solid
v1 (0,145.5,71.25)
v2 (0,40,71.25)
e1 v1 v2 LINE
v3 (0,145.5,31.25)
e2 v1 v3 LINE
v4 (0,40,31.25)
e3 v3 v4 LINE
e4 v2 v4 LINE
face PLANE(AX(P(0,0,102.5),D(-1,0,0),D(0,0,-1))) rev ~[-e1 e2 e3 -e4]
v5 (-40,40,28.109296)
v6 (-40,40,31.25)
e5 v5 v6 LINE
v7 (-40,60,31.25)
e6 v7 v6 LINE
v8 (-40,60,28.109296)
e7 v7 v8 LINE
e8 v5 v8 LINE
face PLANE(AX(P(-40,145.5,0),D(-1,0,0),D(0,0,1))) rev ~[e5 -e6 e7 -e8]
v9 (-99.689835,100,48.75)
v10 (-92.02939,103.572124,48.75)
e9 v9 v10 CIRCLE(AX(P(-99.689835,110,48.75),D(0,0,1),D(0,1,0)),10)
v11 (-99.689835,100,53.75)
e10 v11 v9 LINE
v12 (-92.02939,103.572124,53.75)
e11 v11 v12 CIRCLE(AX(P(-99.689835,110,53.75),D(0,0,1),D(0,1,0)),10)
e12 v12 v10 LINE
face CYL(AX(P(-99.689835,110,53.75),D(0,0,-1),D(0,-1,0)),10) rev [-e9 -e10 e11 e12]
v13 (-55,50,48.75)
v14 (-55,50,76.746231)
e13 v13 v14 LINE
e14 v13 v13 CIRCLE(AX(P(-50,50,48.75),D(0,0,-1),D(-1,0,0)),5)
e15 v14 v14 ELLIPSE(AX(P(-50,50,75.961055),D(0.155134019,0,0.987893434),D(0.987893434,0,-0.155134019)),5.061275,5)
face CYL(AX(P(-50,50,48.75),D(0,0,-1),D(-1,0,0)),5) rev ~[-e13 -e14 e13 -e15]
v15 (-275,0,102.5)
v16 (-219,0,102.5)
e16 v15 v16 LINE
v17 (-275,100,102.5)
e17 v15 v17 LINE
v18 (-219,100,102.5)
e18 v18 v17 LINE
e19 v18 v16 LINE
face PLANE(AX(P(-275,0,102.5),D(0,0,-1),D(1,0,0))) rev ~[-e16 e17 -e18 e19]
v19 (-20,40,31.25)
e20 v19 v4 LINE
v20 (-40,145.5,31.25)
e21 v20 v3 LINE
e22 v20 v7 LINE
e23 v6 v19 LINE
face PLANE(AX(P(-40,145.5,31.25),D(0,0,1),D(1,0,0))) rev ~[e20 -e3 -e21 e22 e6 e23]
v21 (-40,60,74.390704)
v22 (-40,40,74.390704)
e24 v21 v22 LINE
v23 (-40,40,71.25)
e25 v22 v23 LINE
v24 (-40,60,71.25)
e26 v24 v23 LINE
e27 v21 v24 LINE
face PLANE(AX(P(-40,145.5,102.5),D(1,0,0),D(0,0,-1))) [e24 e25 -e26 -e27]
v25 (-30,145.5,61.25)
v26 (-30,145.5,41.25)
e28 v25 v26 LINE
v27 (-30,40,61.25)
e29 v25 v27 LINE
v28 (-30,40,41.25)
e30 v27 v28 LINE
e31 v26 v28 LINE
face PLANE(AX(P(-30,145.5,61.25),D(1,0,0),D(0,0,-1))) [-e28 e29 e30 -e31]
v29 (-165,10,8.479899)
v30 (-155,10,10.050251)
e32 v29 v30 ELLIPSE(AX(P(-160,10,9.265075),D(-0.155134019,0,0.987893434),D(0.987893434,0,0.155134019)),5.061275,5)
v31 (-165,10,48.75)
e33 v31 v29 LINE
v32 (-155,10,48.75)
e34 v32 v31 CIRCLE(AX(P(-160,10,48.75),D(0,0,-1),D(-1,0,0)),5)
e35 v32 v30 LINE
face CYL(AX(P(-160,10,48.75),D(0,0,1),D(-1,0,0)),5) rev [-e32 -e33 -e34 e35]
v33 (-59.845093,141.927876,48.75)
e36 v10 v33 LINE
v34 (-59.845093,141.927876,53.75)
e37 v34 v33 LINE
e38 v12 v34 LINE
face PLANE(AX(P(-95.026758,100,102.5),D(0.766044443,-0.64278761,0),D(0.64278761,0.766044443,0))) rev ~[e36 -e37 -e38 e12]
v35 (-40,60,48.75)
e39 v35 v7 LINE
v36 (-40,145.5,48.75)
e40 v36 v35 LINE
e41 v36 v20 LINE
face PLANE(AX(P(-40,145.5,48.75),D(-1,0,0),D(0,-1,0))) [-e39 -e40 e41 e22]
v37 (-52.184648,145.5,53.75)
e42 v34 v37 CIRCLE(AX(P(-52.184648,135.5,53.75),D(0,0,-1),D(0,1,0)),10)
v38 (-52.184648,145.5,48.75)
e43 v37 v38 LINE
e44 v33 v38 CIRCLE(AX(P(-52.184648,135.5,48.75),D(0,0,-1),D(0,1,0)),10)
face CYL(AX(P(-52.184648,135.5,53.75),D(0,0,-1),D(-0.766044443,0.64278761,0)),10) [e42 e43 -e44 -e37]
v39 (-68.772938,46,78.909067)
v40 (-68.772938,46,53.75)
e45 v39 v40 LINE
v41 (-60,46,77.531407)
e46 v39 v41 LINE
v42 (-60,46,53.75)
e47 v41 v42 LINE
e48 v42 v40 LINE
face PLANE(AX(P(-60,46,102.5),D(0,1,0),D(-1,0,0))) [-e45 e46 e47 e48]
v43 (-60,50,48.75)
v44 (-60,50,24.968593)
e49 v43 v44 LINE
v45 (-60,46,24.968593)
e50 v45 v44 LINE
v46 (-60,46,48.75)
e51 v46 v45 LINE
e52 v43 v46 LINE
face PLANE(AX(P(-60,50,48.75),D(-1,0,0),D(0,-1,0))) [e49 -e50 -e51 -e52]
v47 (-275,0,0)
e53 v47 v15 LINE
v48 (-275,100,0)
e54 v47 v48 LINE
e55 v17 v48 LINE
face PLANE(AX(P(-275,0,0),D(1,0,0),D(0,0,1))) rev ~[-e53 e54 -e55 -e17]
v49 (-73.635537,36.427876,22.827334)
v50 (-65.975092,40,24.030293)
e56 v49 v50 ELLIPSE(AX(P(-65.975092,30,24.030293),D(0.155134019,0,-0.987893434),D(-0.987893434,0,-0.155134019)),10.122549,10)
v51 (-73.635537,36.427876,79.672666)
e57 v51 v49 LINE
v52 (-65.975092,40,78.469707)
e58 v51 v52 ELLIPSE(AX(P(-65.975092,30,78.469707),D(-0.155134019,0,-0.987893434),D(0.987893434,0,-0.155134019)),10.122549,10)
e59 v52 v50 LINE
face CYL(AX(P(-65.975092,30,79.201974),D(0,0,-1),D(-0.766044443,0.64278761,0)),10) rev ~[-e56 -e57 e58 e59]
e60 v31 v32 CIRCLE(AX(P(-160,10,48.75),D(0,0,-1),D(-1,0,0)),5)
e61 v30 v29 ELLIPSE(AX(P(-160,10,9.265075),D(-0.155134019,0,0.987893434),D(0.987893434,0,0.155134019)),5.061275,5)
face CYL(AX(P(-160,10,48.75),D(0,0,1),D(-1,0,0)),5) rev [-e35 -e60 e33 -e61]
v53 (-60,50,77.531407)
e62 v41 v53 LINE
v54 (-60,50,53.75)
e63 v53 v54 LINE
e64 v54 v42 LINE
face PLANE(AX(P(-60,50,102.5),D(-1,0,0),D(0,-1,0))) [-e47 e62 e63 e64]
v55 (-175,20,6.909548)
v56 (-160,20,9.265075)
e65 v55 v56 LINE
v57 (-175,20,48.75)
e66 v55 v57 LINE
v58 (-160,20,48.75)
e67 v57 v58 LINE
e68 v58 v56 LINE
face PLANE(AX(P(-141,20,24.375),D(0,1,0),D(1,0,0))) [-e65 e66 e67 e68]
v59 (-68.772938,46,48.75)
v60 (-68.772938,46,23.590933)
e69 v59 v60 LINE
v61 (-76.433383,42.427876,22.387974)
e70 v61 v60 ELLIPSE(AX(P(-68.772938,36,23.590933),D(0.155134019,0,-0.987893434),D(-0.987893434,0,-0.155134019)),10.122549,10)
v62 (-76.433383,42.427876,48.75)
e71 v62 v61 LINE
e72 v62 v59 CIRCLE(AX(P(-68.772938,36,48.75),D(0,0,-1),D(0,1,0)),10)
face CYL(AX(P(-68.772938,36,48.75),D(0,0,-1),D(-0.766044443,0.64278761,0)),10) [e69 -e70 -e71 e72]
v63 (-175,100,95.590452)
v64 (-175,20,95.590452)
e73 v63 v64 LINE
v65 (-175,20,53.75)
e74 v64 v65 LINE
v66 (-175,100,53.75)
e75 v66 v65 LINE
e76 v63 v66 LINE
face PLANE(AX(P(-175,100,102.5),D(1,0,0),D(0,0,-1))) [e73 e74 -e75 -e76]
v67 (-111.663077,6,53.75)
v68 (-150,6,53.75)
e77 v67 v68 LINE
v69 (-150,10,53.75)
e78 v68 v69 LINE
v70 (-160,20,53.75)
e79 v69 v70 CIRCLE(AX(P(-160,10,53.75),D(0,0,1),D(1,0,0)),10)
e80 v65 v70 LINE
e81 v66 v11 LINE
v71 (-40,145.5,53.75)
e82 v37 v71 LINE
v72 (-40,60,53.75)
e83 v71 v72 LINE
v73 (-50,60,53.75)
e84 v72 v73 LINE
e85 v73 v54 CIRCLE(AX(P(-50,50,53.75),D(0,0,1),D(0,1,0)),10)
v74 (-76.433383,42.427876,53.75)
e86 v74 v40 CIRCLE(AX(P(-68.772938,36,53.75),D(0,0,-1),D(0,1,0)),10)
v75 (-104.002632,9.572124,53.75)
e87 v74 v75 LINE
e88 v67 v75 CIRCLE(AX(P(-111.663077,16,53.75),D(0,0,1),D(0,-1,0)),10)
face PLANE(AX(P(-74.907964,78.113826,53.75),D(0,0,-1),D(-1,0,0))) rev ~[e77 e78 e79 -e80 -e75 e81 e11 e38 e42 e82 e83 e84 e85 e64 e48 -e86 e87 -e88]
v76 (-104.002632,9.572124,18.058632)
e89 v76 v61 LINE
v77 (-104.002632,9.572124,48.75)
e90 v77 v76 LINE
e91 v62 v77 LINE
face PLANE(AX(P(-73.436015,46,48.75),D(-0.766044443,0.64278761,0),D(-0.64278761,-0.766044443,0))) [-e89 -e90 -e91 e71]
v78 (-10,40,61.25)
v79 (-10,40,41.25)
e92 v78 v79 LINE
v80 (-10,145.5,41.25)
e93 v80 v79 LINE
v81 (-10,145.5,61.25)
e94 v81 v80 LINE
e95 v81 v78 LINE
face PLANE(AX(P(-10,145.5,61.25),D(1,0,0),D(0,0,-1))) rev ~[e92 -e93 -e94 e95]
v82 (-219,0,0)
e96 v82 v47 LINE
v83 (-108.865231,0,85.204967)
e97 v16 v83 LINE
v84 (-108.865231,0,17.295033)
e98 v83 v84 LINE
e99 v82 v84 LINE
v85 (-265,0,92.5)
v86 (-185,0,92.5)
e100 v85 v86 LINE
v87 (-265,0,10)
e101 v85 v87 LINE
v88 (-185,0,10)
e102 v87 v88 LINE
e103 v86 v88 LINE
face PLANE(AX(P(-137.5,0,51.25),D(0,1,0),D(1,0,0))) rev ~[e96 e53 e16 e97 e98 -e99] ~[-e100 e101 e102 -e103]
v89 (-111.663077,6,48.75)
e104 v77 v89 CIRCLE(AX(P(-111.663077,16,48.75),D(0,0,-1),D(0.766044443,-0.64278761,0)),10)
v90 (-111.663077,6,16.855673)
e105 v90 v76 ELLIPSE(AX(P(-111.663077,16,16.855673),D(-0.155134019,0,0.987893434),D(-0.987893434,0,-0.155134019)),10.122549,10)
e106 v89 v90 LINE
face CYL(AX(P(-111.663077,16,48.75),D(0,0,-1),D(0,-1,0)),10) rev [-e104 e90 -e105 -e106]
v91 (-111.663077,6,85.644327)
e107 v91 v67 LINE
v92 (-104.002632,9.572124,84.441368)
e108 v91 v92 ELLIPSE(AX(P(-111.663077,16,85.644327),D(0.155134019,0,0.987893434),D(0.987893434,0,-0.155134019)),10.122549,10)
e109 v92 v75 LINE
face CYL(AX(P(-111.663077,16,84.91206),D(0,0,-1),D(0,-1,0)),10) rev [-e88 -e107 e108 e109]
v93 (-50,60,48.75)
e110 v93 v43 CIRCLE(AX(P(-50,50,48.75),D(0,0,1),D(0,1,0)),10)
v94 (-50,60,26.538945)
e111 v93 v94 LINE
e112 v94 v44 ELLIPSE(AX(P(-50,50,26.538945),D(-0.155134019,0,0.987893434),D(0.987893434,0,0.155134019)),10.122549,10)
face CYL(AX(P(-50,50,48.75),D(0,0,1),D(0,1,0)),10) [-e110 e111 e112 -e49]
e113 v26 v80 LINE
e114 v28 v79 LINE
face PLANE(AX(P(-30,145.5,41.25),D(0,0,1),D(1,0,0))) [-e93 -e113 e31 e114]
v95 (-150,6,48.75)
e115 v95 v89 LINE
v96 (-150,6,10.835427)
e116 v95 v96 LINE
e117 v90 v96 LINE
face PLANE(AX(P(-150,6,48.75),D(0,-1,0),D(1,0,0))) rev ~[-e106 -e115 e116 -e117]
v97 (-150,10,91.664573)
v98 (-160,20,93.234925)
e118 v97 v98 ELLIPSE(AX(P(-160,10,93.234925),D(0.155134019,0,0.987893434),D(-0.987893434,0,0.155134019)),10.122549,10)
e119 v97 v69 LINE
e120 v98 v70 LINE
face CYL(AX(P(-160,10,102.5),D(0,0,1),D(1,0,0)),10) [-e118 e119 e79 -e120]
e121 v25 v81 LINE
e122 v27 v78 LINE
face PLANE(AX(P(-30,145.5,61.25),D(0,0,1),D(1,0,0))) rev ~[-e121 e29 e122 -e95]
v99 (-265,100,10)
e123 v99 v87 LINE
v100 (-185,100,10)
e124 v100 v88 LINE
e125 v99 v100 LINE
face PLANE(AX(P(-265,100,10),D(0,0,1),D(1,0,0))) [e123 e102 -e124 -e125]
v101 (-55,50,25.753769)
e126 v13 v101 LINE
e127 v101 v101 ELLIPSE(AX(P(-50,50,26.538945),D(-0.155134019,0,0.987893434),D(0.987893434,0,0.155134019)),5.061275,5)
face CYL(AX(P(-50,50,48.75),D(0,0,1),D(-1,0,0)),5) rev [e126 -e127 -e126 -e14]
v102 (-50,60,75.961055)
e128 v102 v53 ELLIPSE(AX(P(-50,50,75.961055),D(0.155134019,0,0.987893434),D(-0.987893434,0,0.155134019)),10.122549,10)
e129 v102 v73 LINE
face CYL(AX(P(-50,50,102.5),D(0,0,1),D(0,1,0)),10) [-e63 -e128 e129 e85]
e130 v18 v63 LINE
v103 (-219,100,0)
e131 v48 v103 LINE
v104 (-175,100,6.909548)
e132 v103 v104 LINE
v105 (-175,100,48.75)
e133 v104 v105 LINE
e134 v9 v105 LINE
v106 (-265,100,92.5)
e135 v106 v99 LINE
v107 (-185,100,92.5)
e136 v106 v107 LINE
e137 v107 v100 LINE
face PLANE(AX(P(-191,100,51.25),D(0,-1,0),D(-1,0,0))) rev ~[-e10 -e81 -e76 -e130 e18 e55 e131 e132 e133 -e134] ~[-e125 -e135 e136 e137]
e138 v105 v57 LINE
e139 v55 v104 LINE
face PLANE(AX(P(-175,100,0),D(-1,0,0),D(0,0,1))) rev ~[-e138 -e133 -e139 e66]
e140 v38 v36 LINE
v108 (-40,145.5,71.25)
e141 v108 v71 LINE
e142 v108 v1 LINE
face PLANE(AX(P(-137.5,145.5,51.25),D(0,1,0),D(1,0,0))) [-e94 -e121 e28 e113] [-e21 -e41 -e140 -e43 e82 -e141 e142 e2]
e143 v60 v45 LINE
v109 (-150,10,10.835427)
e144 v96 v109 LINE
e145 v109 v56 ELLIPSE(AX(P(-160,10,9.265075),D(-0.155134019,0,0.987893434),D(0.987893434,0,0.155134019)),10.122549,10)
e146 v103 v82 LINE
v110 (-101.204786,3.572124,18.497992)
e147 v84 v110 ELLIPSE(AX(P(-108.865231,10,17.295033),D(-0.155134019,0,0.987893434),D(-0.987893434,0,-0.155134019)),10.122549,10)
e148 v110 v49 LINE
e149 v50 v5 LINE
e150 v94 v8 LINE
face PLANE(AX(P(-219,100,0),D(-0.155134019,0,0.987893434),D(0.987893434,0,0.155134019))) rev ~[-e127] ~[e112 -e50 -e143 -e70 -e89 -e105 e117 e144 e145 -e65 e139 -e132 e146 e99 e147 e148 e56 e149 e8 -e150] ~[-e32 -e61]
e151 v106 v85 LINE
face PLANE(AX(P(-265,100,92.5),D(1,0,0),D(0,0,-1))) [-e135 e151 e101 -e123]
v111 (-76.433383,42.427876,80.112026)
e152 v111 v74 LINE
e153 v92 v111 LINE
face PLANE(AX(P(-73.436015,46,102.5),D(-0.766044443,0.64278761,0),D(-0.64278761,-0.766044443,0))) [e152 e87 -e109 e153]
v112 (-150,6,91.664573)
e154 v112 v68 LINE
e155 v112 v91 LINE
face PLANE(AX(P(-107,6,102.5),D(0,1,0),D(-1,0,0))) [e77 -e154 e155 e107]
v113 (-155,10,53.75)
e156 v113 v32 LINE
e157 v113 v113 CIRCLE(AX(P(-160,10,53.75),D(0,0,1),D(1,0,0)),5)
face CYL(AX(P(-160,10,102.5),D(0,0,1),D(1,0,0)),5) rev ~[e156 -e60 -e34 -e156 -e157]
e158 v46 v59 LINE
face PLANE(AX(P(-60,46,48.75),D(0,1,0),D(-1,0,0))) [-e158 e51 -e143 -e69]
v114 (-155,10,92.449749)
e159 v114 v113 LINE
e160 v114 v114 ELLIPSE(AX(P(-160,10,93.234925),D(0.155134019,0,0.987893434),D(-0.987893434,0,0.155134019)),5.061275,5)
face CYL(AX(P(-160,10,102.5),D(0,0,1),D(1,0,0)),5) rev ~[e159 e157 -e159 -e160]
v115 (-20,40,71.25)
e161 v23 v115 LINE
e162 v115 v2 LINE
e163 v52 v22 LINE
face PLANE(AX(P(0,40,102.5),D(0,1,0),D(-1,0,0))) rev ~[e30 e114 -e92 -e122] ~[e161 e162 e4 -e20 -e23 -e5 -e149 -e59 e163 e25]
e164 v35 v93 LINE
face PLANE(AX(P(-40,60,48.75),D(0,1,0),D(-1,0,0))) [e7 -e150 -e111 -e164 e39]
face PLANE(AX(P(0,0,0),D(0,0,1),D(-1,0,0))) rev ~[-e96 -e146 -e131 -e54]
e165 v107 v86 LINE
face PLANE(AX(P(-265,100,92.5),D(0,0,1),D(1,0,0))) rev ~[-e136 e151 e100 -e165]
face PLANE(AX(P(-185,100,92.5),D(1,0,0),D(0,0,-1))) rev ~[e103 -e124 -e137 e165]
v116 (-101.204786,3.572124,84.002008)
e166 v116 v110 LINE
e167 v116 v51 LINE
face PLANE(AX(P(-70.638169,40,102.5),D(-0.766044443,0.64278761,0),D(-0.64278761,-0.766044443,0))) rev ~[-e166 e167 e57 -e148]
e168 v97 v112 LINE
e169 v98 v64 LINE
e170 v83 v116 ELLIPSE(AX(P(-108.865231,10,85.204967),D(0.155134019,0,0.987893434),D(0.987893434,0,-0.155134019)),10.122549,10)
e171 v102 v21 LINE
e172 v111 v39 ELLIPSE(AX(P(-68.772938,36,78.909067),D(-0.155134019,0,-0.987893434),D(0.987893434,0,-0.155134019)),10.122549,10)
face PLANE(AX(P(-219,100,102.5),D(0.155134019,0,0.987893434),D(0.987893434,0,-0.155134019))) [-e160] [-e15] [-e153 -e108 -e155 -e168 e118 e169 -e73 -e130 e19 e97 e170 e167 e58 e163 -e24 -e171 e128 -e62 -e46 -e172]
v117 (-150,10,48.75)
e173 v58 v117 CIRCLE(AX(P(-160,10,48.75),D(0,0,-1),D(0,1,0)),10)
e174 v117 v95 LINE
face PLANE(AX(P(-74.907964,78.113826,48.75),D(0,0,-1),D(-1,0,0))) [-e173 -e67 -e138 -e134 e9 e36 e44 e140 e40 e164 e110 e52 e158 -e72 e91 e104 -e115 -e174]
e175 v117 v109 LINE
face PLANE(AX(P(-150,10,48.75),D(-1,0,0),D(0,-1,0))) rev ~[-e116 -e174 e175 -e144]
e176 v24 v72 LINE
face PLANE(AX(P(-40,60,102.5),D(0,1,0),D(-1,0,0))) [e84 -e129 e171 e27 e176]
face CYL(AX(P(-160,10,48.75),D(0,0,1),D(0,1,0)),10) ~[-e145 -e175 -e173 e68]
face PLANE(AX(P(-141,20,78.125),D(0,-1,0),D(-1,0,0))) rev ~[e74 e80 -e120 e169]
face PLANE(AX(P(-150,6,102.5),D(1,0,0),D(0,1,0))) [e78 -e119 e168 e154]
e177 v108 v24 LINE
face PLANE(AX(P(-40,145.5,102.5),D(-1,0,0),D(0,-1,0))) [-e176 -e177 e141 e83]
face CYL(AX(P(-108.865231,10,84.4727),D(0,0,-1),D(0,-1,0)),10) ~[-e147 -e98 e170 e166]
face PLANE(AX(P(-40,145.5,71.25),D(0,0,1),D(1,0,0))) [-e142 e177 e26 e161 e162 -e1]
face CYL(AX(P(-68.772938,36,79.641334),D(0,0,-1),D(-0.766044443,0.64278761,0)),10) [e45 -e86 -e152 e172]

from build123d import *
from build123d.topology import SkipClean

# Parameters (mm, degrees)
BOSS_EXTRUDE1_DEPTH = 145.5
CUT_EXTRUDE1_DEPTH  = 45.5
CUT_EXTRUDE2_DEPTH  = 80
SKETCH4_W           = 80
SKETCH4_H           = 82.50000000000003
CUT_EXTRUDE3_DEPTH  = 311.05039912891584
SKETCH5_R           = 4.999999999999991
CUT_EXTRUDE4_DEPTH  = 48.75
CUT_EXTRUDE5_START  = -48.75
SKETCH6_R           = 4.9999999999999885
CUT_EXTRUDE5_DEPTH  = 48.75
SKETCH5_2_R         = 4.999999999999991
CUT_EXTRUDE6_DEPTH  = 328.569076684598
CUT_EXTRUDE7_DEPTH  = 328.569076684598
CUT_EXTRUDE8_DEPTH  = 328.569076684598
CUT_EXTRUDE9_DEPTH  = 48.75
CUT_EXTRUDE10_START = -48.75
SKETCH10_R          = 4.999999999999989
CUT_EXTRUDE10_DEPTH = 48.75
CUT_EXTRUDE11_DEPTH = 328.569076684598
SKETCH12_W          = 20.000000000000007
SKETCH12_H          = 20
CUT_EXTRUDE12_DEPTH = 328.569076684598
SKETCH13_R          = 4.999999999999989
CUT_EXTRUDE13_DEPTH = 316.7282256941878
CUT_EXTRUDE14_DEPTH = 311.05039912891584
FILLET1_R           = 10
FILLET2_R           = 10


with BuildPart() as part:
    # Sketch1 → Boss-Extrude1 (new body)
    with BuildSketch(Plane(origin=(0, 0, 0), x_dir=(1, 0, 0), z_dir=(0, 1, 0))):
        Polygon((0, 0), (-275, 0), (-275, -102.50000000000007), (0, -102.5), align=None)
    extrude(amount=BOSS_EXTRUDE1_DEPTH)

    # Sketch2 → Cut-Extrude1 (cut)
    with BuildSketch(Plane(origin=(0, 145.5, 0), x_dir=(1, 0, 0), z_dir=(0, 1, 0))):
        Polygon((-275, 0), (-107.00000000000001, 0), (-107.00000000000001, -102.50000000000007), (-275, -102.50000000000003), align=None)
    extrude(amount=-CUT_EXTRUDE1_DEPTH, mode=Mode.SUBTRACT)

    # Sketch3 → Cut-Extrude2 (cut)
    with BuildSketch(Plane(origin=(0, 99.99999999999999, 0), x_dir=(1, 0, 0), z_dir=(0, 1, 0))):
        Polygon((-107.00000000000001, 5.551e-14), (-175.00000000000003, 0), (-175.00000000000003, -48.75), (-107.00000000000001, -48.75000000000001), align=None)
        Polygon((-107.00000000000001, -102.50000000000007), (-175.00000000000003, -102.50000000000003), (-175.00000000000003, -53.75000000000002), (-107.00000000000001, -53.750000000000014), align=None)
    extrude(amount=-CUT_EXTRUDE2_DEPTH, mode=Mode.SUBTRACT)

    # Sketch4 → Cut-Extrude3 (cut, through all)
    with BuildSketch(Plane(origin=(0, 99.99999999999999, 0), x_dir=(1, 0, 0), z_dir=(0, 1, 0))):
        with Locations((-225, -51.250000000000014)):
            Rectangle(SKETCH4_W, SKETCH4_H)
    extrude(amount=-CUT_EXTRUDE3_DEPTH, mode=Mode.SUBTRACT)

    # Sketch5 → Cut-Extrude4 (cut)
    with BuildSketch(Plane.XY.offset(102.5)):
        with Locations((-160.00000000000009, 10)):
            Circle(SKETCH5_R)
        with BuildLine():
            Line((-107.00000000000007, 6.000000000000005), (-150.0000000000001, 5.999999999999997))
            Line((-150.0000000000001, 5.999999999999997), (-150.0000000000001, 10.000000000000018))
            ThreePointArc((-150.0000000000001, 10.000000000000018), (-152.92893218813464, 17.071067811865472), (-160.00000000000009, 19.99999999999999))
            Line((-160.00000000000009, 19.99999999999999), (-175.00000000000006, 19.99999999999999))
            Line((-175.00000000000006, 19.99999999999999), (-175.00000000000006, 99.99999999999999))
            Line((-175.00000000000006, 99.99999999999999), (-107.00000000000004, 99.99999999999999))
            Line((-107.00000000000004, 99.99999999999999), (-107.00000000000007, 6.000000000000005))
        make_face()
    extrude(amount=-CUT_EXTRUDE4_DEPTH, mode=Mode.SUBTRACT)

    # Sketch6 → Cut-Extrude5 (cut)
    with BuildSketch(Plane(origin=(0, 0, 0), x_dir=(-1, 0, 0), z_dir=(0, 0, -1)).offset(CUT_EXTRUDE5_START)):
        with Locations((160.00000000000006, 10.00000000000002)):
            Circle(SKETCH6_R)
        with BuildLine():
            Line((107.00000000000001, 99.99999999999999), (175.00000000000006, 99.99999999999999))
            Line((175.00000000000006, 99.99999999999999), (175.00000000000003, 19.99999999999999))
            Line((175.00000000000003, 19.99999999999999), (160.00000000000006, 19.99999999999999))
            ThreePointArc((160.00000000000006, 19.99999999999999), (152.9289321881346, 17.071067811865476), (150.00000000000009, 10.000000000000018))
            Line((150.00000000000009, 10.000000000000018), (150.00000000000009, 5.999999999999997))
            Line((150.00000000000009, 5.999999999999997), (107.00000000000004, 6.000000000000005))
            Line((107.00000000000004, 6.000000000000005), (107.00000000000001, 99.99999999999999))
        make_face()
    extrude(amount=CUT_EXTRUDE5_DEPTH, mode=Mode.SUBTRACT)

    # Sketch5<2> → Cut-Extrude6 (cut, through all)
    with SkipClean():  # the faces are left unmerged after this step: merging them gives an invalid solid
        with BuildSketch(Plane.XY.offset(102.5)):
            with Locations((-160.00000000000009, 10)):
                Circle(SKETCH5_2_R)
        extrude(amount=-CUT_EXTRUDE6_DEPTH, mode=Mode.SUBTRACT)

    # Sketch7 → Cut-Extrude7 (cut, through all)
    with SkipClean():  # the faces are left unmerged after this step: merging them gives an invalid solid
        with BuildSketch(Plane.XY.offset(102.5)):
            Polygon((-2.842e-14, 40), (-70.63816880397907, 40), (-104.20215405107005, 0), (-3.104e-14, 0), align=None)
        extrude(amount=-CUT_EXTRUDE7_DEPTH, mode=Mode.SUBTRACT)

    # Sketch8 → Cut-Extrude8 (cut, through all)
    with SkipClean():  # the faces are left unmerged after this step: merging them gives an invalid solid
        with BuildSketch(Plane.XY.offset(102.5)):
            Polygon((-107.00000000000004, 145.5), (-107.00000000000004, 99.99999999999999), (-95.02675824761518, 99.99999999999997), (-56.847725029049194, 145.5), align=None)
        extrude(amount=-CUT_EXTRUDE8_DEPTH, mode=Mode.SUBTRACT)

    # Sketch9 → Cut-Extrude9 (cut)
    with SkipClean():  # the faces are left unmerged after this step: merging them gives an invalid solid
        with BuildSketch(Plane.XY.offset(102.5)):
            with BuildLine():
                Line((-40.000000000000036, 145.5), (-40.00000000000002, 60))
                Line((-40.00000000000002, 60), (-50.00000000000003, 60))
                ThreePointArc((-50.00000000000003, 60), (-57.07106781186553, 57.071067811865454), (-60.000000000000036, 49.99999999999993))
                Line((-60.000000000000036, 49.99999999999993), (-60.000000000000036, 46))
                Line((-60.000000000000036, 46), (-73.43601475290903, 46))
                Line((-73.43601475290903, 46), (-107.00000000000007, 6.000000000000005))
                Line((-107.00000000000007, 6.000000000000005), (-107.00000000000004, 99.99999999999999))
                Line((-107.00000000000004, 99.99999999999999), (-95.02675824761518, 99.99999999999997))
                Line((-95.02675824761518, 99.99999999999997), (-56.847725029049194, 145.5))
                Line((-56.847725029049194, 145.5), (-40.000000000000036, 145.5))
            make_face()
        extrude(amount=-CUT_EXTRUDE9_DEPTH, mode=Mode.SUBTRACT)

    # Sketch10 → Cut-Extrude10 (cut)
    with SkipClean():  # the faces are left unmerged after this step: merging them gives an invalid solid
        with BuildSketch(Plane(origin=(0, 0, 0), x_dir=(-1, 0, 0), z_dir=(0, 0, -1)).offset(CUT_EXTRUDE10_START)):
            with Locations((50, 49.999999999999986)):
                Circle(SKETCH10_R)
            with BuildLine():
                Line((40.00000000000001, 145.5), (39.99999999999999, 60))
                Line((39.99999999999999, 60), (50, 60))
                ThreePointArc((50, 60), (57.071067811865504, 57.07106781186545), (60.00000000000001, 49.99999999999993))
                Line((60.00000000000001, 49.99999999999993), (60.00000000000001, 46))
                Line((60.00000000000001, 46), (73.436014752909, 46))
                Line((73.436014752909, 46), (107.00000000000004, 6.000000000000005))
                Line((107.00000000000004, 6.000000000000005), (107.00000000000001, 99.99999999999999))
                Line((107.00000000000001, 99.99999999999999), (95.02675824761515, 99.99999999999997))
                Line((95.02675824761515, 99.99999999999997), (56.847725029049165, 145.5))
                Line((56.847725029049165, 145.5), (40.00000000000001, 145.5))
            make_face()
        extrude(amount=CUT_EXTRUDE10_DEPTH, mode=Mode.SUBTRACT)

    # Sketch11 → Cut-Extrude11 (cut, through all)
    with SkipClean():  # the faces are left unmerged after this step: merging them gives an invalid solid
        with BuildSketch(Plane(origin=(0, 145.5, 0), x_dir=(1, 0, 0), z_dir=(0, 1, 0))):
            Polygon((-40.00000000000001, -71.25), (0, -71.25), (0, -102.5), (-39.99999999999999, -102.5), align=None)
            Polygon((-40.00000000000001, -31.249999999999993), (3.47e-15, -31.25), (0, 0), (-40.00000000000001, 0), align=None)
        extrude(amount=-CUT_EXTRUDE11_DEPTH, mode=Mode.SUBTRACT)

    # Sketch12 → Cut-Extrude12 (cut, through all)
    with SkipClean():  # the faces are left unmerged after this step: merging them gives an invalid solid
        with BuildSketch(Plane(origin=(0, 145.5, 0), x_dir=(1, 0, 0), z_dir=(0, 1, 0))):
            with Locations((-20, -51.24999999999999)):
                Rectangle(SKETCH12_W, SKETCH12_H)
        extrude(amount=-CUT_EXTRUDE12_DEPTH, mode=Mode.SUBTRACT)

    # Sketch13 → Cut-Extrude13 (cut, through all)
    with BuildSketch(Plane(origin=(0, 0, 48.75), x_dir=(-1, 0, 0), z_dir=(0, 0, -1))):
        with Locations((50, 49.999999999999986)):
            Circle(SKETCH13_R)
    extrude(amount=-CUT_EXTRUDE13_DEPTH, mode=Mode.SUBTRACT)

    # Sketch14 → Cut-Extrude14 (cut, through all)
    with SkipClean():  # the faces are left unmerged after this step: merging them gives an invalid solid
        with BuildSketch(Plane(origin=(0, 99.99999999999999, 0), x_dir=(1, 0, 0), z_dir=(0, 1, 0))):
            Polygon((-219.00000000000003, -8.08e-15), (-20.000000000000004, -31.249999999999996), (-20.000000000000004, 0), align=None)
            Polygon((-219.00000000000003, -102.50000000000003), (-20.000000000000004, -71.25), (-20.000000000000004, -102.50000000000003), align=None)
        extrude(amount=-CUT_EXTRUDE14_DEPTH, mode=Mode.SUBTRACT)

    # Fillet1
    fillet1_edges = [part.edges().sort_by_distance(p)[0] for p in [
        (-56.847725029049165, 145.5, 51.25),
        (-95.02675824761515, 99.99999999999997, 51.25),
        (-107.00000000000004, 6.000000000000005, 33.168969849246224),
        (-73.436014752909, 46, 35.80433301249144),
        (-107.00000000000004, 6.000000000000005, 69.33103015075378),
        (-73.436014752909, 46, 66.69566698750856),
    ]]
    fillet(fillet1_edges, radius=FILLET1_R)

    # Fillet2
    fillet2_edges = [part.edges().sort_by_distance(p)[0] for p in [
        (-70.63816880397904, 40, 51.25),
        (-104.20215405107002, -2e-17, 51.25000000000001),
    ]]
    fillet(fillet2_edges, radius=FILLET2_R)


solid = part.part
